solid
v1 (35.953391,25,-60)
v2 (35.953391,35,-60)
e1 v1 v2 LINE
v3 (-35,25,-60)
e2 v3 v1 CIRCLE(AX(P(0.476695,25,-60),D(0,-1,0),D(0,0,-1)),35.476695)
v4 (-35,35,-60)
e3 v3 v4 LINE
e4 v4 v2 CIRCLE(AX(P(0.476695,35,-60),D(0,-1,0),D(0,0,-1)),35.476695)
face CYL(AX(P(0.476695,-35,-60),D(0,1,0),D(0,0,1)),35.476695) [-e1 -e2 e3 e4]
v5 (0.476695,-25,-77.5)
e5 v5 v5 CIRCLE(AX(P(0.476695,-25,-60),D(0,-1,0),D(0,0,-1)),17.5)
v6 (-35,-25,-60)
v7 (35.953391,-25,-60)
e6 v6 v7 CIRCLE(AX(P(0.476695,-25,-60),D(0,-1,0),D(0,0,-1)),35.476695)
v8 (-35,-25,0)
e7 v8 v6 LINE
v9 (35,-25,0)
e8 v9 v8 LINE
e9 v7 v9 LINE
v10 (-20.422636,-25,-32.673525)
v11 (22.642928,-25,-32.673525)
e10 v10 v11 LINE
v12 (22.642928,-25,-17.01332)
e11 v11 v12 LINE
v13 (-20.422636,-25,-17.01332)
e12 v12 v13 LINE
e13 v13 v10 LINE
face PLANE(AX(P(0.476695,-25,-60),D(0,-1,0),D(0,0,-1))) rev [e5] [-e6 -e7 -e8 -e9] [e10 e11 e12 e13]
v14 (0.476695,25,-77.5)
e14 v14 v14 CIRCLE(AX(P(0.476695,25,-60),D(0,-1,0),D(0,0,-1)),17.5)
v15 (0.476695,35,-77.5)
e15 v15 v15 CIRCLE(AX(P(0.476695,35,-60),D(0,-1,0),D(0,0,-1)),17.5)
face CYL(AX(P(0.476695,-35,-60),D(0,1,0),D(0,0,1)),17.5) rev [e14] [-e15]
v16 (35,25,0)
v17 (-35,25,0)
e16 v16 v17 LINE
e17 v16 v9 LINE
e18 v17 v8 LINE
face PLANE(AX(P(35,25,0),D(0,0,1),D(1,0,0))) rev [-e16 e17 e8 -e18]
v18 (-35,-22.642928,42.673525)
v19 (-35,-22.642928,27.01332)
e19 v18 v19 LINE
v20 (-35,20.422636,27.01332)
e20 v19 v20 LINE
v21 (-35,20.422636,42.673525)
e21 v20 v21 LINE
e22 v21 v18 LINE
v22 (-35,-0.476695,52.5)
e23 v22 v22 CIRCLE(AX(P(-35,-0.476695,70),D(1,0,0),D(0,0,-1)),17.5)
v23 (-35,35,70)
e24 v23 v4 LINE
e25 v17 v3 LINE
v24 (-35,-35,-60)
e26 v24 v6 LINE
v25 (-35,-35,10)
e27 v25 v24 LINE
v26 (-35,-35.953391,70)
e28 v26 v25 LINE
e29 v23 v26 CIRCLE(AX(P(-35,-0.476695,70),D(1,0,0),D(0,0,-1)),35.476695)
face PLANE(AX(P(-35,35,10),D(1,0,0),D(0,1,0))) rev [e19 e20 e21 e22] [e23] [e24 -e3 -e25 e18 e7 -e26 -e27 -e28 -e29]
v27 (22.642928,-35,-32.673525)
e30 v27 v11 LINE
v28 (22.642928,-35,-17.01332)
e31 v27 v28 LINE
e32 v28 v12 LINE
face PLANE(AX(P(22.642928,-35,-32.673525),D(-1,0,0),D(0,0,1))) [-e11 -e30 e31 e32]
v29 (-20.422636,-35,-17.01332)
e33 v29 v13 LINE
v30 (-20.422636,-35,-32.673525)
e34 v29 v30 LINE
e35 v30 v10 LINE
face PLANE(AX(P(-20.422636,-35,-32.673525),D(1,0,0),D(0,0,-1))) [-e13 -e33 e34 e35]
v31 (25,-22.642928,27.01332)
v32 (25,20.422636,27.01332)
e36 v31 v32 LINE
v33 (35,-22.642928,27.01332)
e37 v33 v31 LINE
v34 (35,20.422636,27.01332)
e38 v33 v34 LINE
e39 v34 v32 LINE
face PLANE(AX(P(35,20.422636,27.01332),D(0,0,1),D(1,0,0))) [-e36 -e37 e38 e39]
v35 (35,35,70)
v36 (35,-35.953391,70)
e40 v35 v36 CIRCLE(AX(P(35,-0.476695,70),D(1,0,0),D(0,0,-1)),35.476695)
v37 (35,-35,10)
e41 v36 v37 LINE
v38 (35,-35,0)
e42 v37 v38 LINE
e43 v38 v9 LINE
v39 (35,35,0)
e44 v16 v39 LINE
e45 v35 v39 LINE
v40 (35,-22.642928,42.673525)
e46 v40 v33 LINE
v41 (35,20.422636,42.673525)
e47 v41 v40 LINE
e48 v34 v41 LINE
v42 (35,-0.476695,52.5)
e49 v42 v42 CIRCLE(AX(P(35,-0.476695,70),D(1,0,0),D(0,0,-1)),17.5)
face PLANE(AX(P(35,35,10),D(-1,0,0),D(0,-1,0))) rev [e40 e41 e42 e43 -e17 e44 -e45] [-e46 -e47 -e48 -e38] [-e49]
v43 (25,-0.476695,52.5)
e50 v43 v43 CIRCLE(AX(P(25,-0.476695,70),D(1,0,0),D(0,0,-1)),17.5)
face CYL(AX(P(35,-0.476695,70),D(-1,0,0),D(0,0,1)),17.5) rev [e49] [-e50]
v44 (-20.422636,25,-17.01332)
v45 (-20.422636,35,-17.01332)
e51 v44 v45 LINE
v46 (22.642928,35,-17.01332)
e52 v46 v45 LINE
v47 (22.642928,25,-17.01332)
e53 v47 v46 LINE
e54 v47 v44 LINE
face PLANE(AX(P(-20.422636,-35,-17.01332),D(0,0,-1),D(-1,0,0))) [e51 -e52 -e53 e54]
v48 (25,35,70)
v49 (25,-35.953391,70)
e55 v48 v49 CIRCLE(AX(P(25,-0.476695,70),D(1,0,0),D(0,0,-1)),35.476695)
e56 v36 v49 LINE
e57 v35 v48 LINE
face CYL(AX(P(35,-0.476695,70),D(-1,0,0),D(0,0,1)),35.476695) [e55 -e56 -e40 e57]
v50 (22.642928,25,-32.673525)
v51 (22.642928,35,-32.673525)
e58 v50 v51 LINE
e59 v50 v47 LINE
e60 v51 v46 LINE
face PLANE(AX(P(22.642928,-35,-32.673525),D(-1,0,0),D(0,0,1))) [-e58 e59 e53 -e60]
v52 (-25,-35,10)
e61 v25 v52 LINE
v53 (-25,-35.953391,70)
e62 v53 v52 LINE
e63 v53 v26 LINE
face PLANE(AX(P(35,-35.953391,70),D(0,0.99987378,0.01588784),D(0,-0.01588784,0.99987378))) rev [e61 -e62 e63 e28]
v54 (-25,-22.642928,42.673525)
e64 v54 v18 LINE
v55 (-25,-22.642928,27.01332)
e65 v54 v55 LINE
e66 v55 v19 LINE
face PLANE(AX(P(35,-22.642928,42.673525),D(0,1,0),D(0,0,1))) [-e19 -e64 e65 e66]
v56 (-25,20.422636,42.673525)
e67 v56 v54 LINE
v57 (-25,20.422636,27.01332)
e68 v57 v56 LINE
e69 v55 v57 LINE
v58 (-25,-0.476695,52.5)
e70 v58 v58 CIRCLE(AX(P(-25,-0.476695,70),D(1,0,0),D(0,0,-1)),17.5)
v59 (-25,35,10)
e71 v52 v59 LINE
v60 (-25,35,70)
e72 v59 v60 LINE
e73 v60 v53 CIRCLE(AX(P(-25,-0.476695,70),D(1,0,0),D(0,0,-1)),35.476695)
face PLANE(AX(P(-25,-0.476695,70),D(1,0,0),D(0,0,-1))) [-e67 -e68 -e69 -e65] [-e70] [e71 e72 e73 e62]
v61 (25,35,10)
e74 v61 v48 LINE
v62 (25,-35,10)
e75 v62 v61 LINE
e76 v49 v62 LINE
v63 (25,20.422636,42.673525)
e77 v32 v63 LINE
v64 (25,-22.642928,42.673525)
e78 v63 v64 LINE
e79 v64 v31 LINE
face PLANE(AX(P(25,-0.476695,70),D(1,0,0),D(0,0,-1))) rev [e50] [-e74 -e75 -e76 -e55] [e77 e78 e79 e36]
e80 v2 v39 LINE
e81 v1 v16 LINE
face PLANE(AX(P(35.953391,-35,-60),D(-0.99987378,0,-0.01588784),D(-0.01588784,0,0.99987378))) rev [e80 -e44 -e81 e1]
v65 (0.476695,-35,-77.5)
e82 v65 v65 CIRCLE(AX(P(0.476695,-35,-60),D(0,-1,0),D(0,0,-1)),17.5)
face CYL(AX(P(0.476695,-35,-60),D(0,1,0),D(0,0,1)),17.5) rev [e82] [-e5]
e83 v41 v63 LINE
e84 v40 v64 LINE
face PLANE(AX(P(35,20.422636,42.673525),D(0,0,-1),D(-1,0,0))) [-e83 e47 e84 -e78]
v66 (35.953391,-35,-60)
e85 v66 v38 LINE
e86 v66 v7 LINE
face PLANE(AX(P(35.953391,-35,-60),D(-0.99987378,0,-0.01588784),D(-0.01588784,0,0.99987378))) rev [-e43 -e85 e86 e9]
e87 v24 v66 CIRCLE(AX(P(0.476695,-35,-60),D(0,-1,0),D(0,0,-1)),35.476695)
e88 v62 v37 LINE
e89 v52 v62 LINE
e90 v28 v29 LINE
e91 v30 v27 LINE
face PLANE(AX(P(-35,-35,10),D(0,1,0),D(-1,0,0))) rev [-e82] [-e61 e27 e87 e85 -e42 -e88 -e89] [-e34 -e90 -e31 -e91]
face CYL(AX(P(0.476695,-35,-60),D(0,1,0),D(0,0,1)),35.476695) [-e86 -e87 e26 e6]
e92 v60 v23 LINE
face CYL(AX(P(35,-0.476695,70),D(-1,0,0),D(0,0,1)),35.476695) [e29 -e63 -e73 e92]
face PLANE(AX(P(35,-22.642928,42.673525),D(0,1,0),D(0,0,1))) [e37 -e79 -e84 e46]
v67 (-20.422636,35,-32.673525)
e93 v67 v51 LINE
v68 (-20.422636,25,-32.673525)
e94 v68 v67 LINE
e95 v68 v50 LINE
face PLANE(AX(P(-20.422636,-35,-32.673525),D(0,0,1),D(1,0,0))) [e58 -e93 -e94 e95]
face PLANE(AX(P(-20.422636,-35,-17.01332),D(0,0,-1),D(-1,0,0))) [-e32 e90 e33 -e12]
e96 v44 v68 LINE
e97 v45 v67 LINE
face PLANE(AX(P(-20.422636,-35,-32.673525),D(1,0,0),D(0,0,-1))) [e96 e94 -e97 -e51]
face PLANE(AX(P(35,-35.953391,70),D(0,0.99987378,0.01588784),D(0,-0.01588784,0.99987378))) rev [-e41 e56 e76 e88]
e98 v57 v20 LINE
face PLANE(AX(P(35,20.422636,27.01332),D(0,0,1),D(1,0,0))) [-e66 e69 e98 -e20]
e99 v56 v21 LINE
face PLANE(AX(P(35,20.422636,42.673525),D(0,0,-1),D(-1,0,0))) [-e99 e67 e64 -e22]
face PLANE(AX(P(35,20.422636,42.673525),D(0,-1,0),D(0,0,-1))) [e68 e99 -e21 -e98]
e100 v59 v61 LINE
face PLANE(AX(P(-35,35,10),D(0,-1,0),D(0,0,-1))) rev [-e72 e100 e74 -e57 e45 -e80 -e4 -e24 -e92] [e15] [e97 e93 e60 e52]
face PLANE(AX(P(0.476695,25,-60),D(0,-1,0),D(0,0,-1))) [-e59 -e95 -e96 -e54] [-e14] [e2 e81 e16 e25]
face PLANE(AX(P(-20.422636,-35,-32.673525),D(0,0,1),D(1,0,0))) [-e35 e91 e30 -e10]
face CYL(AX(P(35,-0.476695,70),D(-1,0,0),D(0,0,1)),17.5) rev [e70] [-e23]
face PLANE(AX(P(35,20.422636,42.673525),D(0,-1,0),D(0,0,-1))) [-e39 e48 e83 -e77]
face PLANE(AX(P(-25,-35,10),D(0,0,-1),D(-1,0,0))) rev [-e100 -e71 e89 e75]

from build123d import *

# Parameters (mm, degrees)
SKETCH_1_W          = 70
SKETCH_1_H          = 70
EXTRUDE_1_DEPTH     = 10
SKETCH_2_R          = 17.5
SKETCH_2_W          = 15.660204931
SKETCH_2_H          = 43.06556356
EXTRUDE_2_DEPTH     = 35
SKETCH_2_2_R        = 17.5
SKETCH_2_2_W        = 15.660204931
SKETCH_2_2_H        = 43.06556356
CUT_EXTRUDE_1_DEPTH = 25
SKETCH_3_R          = 17.5
SKETCH_3_W          = 15.660204931
SKETCH_3_H          = 43.06556356
EXTRUDE_3_DEPTH     = 35
SKETCH_3_3_R        = 17.5
SKETCH_3_3_W        = 15.660204931
SKETCH_3_3_H        = 43.06556356
CUT_EXTRUDE_2_DEPTH = 25


with BuildPart() as part:
    # 草圖1 → 填料-伸長1 (new body)
    with BuildSketch(Plane.XY):
        Rectangle(SKETCH_1_W, SKETCH_1_H)
    extrude(amount=EXTRUDE_1_DEPTH)

    # 草圖2 → 填料-伸長2 (add, symmetric)
    with BuildSketch(Plane(origin=(0, 0, 0), x_dir=(0, 0, -1), z_dir=(1, 0, 0))):
        with BuildLine():
            Line((-10, 35), (-70, 35))
            ThreePointArc((-70, 35), (-105.476695364, -0.476695364), (-70, -35.953390728))
            Line((-70, -35.953390728), (-10, -35))
            Line((-10, -35), (-10, 35))
        make_face()
        with Locations((-70, -0.476695364)):
            Circle(SKETCH_2_R, mode=Mode.SUBTRACT)
        with Locations((-34.843422831, -1.110145808)):
            Rectangle(SKETCH_2_W, SKETCH_2_H, mode=Mode.SUBTRACT)
    extrude(amount=EXTRUDE_2_DEPTH, both=True)

    # 草圖2<2> → 除料-伸長1 (cut, symmetric)
    with BuildSketch(Plane(origin=(0, 0, 0), x_dir=(0, 0, -1), z_dir=(1, 0, 0))):
        with BuildLine():
            Line((-10, 35), (-70, 35))
            ThreePointArc((-70, 35), (-105.476695364, -0.476695364), (-70, -35.953390728))
            Line((-70, -35.953390728), (-10, -35))
            Line((-10, -35), (-10, 35))
        make_face()
        with Locations((-70, -0.476695364)):
            Circle(SKETCH_2_2_R, mode=Mode.SUBTRACT)
        with Locations((-34.843422831, -1.110145808)):
            Rectangle(SKETCH_2_2_W, SKETCH_2_2_H, mode=Mode.SUBTRACT)
    extrude(amount=CUT_EXTRUDE_1_DEPTH, both=True, mode=Mode.SUBTRACT)

    # 草圖3 → 填料-伸長3 (add, symmetric)
    with BuildSketch(Plane(origin=(0, 0, 10), x_dir=(0, 0, 1), z_dir=(0, -1, 0))):
        with BuildLine():
            Line((-10, 35), (-70, 35))
            ThreePointArc((-70, 35), (-105.476695364, -0.476695364), (-70, -35.953390728))
            Line((-70, -35.953390728), (-10, -35))
            Line((-10, -35), (-10, 35))
        make_face()
        with Locations((-70, -0.476695364)):
            Circle(SKETCH_3_R, mode=Mode.SUBTRACT)
        with Locations((-34.843422831, -1.110145808)):
            Rectangle(SKETCH_3_W, SKETCH_3_H, mode=Mode.SUBTRACT)
    extrude(amount=EXTRUDE_3_DEPTH, both=True)

    # 草圖3<3> → 除料-伸長2 (cut, symmetric)
    with BuildSketch(Plane(origin=(0, 0, 10), x_dir=(0, 0, 1), z_dir=(0, -1, 0))):
        with BuildLine():
            Line((-10, 35), (-70, 35))
            ThreePointArc((-70, 35), (-105.476695364, -0.476695364), (-70, -35.953390728))
            Line((-70, -35.953390728), (-10, -35))
            Line((-10, -35), (-10, 35))
        make_face()
        with Locations((-70, -0.476695364)):
            Circle(SKETCH_3_3_R, mode=Mode.SUBTRACT)
        with Locations((-34.843422831, -1.110145808)):
            Rectangle(SKETCH_3_3_W, SKETCH_3_3_H, mode=Mode.SUBTRACT)
    extrude(amount=CUT_EXTRUDE_2_DEPTH, both=True, mode=Mode.SUBTRACT)


solid = part.part
